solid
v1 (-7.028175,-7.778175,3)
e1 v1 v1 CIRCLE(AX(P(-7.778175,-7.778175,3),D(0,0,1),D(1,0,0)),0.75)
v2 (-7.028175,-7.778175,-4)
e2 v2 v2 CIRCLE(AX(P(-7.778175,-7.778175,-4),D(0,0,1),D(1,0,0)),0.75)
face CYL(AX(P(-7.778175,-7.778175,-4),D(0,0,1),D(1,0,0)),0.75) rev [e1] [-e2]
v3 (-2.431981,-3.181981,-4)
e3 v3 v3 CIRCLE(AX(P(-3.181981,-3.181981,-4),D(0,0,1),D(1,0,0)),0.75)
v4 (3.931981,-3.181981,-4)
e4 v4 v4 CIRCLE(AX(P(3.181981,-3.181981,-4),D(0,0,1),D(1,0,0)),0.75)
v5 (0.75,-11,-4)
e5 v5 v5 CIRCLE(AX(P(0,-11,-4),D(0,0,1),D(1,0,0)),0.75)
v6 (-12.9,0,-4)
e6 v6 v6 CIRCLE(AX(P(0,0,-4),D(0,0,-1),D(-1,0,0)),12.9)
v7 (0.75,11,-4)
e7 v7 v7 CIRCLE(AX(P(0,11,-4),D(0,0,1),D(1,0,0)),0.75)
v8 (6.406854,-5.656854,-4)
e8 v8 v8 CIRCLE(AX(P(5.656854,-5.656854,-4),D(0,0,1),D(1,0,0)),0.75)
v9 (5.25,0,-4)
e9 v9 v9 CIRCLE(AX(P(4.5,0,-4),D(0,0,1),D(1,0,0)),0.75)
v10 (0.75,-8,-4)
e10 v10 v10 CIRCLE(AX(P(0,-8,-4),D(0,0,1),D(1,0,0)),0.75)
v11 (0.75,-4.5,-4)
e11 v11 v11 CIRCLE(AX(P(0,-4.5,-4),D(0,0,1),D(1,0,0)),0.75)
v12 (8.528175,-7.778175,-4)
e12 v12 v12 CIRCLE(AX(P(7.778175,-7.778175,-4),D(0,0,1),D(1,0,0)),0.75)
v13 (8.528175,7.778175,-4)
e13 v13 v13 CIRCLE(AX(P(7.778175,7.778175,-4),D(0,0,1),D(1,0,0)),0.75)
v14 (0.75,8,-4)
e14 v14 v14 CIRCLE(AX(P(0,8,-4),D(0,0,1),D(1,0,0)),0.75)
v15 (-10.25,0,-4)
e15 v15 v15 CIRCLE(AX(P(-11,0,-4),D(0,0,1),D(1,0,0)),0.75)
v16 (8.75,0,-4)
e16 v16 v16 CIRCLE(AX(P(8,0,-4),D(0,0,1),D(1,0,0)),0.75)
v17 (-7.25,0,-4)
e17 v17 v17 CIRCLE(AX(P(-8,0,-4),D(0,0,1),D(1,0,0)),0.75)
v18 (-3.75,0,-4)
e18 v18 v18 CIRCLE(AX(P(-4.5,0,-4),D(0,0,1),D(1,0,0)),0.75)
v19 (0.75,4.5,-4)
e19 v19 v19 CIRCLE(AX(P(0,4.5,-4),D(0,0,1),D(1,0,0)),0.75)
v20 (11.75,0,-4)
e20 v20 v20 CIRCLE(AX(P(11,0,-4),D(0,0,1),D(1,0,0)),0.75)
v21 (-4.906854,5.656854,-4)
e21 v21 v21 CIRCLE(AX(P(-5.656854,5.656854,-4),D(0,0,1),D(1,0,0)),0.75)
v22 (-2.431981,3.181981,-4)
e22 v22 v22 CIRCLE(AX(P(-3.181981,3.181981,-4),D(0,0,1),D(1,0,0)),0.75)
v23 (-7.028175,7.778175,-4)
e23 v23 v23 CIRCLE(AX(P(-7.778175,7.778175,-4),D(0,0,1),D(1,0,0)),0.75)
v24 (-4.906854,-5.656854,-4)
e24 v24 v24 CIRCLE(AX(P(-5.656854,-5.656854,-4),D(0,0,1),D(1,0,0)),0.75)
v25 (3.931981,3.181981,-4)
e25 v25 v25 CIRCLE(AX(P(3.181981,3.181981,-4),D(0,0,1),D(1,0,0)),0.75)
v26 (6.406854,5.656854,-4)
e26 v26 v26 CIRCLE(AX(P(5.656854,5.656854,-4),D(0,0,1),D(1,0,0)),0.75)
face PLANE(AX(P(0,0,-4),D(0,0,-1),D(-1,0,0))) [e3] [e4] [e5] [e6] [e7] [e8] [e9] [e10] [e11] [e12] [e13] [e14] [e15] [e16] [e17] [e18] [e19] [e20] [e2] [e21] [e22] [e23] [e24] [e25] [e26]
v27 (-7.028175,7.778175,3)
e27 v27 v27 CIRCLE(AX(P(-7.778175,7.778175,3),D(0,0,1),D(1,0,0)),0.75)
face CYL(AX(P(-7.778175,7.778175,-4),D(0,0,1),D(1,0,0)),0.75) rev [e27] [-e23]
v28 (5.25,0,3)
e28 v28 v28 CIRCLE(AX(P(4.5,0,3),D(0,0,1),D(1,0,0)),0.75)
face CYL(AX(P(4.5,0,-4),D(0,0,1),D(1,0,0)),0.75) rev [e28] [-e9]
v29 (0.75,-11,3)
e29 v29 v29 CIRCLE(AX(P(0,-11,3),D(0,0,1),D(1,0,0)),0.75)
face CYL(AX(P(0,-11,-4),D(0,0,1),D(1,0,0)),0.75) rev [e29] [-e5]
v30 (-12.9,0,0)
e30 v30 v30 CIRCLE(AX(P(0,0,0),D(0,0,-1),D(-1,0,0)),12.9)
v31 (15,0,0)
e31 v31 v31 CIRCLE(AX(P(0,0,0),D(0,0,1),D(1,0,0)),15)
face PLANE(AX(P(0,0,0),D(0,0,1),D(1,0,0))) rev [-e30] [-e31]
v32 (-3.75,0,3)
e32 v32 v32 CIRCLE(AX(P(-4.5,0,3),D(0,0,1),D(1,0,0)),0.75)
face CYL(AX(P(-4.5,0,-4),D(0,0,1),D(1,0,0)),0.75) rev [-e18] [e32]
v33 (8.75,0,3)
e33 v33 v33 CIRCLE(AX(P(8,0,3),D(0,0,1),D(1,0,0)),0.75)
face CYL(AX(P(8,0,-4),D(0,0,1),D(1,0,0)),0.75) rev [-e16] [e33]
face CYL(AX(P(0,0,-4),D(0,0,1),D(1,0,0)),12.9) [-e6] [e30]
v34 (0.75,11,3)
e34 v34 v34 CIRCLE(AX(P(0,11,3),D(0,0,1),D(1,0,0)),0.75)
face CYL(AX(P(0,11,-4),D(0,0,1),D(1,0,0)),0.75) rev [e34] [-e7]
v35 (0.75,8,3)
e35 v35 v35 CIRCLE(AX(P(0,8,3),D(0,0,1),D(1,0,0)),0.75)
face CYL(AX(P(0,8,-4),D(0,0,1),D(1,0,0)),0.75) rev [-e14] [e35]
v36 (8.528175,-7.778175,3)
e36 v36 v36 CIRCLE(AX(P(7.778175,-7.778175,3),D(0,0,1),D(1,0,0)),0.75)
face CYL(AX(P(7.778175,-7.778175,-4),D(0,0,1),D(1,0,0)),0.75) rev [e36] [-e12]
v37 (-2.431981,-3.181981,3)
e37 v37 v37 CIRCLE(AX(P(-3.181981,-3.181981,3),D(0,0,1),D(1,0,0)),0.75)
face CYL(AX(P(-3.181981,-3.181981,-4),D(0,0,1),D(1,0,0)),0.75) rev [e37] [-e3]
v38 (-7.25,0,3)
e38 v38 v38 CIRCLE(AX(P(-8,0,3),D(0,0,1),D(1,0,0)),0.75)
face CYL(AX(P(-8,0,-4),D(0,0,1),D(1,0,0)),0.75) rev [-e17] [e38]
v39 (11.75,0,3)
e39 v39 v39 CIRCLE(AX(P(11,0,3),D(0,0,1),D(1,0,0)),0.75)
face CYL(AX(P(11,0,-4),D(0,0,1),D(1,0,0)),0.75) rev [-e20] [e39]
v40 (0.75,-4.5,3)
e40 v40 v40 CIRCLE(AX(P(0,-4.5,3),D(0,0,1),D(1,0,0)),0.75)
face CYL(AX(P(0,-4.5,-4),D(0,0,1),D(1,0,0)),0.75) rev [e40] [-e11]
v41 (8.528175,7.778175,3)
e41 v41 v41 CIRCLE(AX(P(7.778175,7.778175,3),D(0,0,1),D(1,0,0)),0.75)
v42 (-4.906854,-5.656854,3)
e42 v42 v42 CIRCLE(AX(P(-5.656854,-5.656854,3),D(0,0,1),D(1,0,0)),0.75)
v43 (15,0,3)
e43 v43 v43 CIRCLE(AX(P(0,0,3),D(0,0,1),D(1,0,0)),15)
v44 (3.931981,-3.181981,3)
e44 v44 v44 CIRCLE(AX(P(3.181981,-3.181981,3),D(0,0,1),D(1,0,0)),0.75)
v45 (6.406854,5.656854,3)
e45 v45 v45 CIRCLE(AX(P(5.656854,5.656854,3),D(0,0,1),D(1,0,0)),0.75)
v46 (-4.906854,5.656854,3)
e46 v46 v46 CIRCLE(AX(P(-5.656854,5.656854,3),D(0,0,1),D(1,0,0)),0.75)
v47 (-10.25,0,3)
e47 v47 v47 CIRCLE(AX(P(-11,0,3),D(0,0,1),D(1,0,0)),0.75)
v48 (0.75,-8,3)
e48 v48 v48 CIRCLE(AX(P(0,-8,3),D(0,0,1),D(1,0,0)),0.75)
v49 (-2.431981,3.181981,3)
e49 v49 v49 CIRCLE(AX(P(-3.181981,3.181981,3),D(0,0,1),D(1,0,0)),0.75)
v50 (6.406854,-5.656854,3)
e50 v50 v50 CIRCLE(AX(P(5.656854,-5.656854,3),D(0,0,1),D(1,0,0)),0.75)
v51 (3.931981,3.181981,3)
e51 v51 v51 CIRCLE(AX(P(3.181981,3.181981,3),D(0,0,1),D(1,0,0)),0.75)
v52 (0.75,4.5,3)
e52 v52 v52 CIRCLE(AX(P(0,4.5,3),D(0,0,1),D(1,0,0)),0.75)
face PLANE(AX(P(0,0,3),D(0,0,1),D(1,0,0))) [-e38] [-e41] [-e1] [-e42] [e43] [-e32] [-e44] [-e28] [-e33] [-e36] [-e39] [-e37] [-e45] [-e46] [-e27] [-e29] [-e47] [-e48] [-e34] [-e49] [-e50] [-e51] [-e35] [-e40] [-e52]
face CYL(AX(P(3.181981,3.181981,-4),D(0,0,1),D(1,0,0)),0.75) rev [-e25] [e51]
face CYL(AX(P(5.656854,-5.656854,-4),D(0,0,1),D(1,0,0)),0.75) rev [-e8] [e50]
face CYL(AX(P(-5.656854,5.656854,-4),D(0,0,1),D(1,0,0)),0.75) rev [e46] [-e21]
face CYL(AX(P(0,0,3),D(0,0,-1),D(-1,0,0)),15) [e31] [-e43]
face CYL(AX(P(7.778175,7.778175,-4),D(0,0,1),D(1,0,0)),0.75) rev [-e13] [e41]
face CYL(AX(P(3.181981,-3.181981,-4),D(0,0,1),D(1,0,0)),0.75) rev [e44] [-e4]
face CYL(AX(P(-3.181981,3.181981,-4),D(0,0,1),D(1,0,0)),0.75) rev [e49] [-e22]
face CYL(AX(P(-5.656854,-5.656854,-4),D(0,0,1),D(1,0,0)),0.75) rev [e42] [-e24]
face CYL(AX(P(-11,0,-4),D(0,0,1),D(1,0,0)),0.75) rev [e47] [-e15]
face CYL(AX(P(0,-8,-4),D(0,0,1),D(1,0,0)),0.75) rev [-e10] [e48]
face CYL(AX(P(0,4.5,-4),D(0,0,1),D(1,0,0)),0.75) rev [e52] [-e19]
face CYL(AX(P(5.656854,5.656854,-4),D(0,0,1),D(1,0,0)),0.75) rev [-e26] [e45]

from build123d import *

# Parameters (mm, degrees)
SKETCH2_R           = 15
BOSS_EXTRUDE1_DEPTH = 3
SKETCH3_R           = 12.9
BOSS_EXTRUDE2_DEPTH = 4
SKETCH4_R           = 0.75
CUT_EXTRUDE1_DEPTH  = 23.338307904


with BuildPart() as part:
    # Sketch2 → Boss-Extrude1 (new body)
    with BuildSketch(Plane.XY):
        Circle(SKETCH2_R)
    extrude(amount=BOSS_EXTRUDE1_DEPTH)

    # Sketch3 → Boss-Extrude2 (add)
    with BuildSketch(Plane(origin=(0, 0, 0), x_dir=(-1, 0, 0), z_dir=(0, 0, -1))):
        Circle(SKETCH3_R)
    extrude(amount=BOSS_EXTRUDE2_DEPTH)

    # Sketch4 → Cut-Extrude1 (cut, through all)
    with BuildSketch(Plane.XY.offset(3)):
        with Locations((-4.5, 0)):
            Circle(SKETCH4_R)
        with Locations((-8, 0)):
            Circle(SKETCH4_R)
        with Locations((-11, 0)):
            Circle(SKETCH4_R)
        with Locations((-3.181980515, 3.181980515)):
            Circle(SKETCH4_R)
        with Locations((-5.656854249, 5.656854249)):
            Circle(SKETCH4_R)
        with Locations((-7.778174593, 7.778174593)):
            Circle(SKETCH4_R)
        with Locations((0, 4.5)):
            Circle(SKETCH4_R)
        with Locations((0, 8)):
            Circle(SKETCH4_R)
        with Locations((0, 11)):
            Circle(SKETCH4_R)
        with Locations((3.181980515, 3.181980515)):
            Circle(SKETCH4_R)
        with Locations((5.656854249, 5.656854249)):
            Circle(SKETCH4_R)
        with Locations((7.778174593, 7.778174593)):
            Circle(SKETCH4_R)
        with Locations((4.5, 0)):
            Circle(SKETCH4_R)
        with Locations((8, 0)):
            Circle(SKETCH4_R)
        with Locations((11, 0)):
            Circle(SKETCH4_R)
        with Locations((3.181980515, -3.181980515)):
            Circle(SKETCH4_R)
        with Locations((5.656854249, -5.656854249)):
            Circle(SKETCH4_R)
        with Locations((7.778174593, -7.778174593)):
            Circle(SKETCH4_R)
        with Locations((0, -4.5)):
            Circle(SKETCH4_R)
        with Locations((0, -8)):
            Circle(SKETCH4_R)
        with Locations((0, -11)):
            Circle(SKETCH4_R)
        with Locations((-3.181980515, -3.181980515)):
            Circle(SKETCH4_R)
        with Locations((-5.656854249, -5.656854249)):
            Circle(SKETCH4_R)
        with Locations((-7.778174593, -7.778174593)):
            Circle(SKETCH4_R)
    extrude(amount=-CUT_EXTRUDE1_DEPTH, mode=Mode.SUBTRACT)


solid = part.part
